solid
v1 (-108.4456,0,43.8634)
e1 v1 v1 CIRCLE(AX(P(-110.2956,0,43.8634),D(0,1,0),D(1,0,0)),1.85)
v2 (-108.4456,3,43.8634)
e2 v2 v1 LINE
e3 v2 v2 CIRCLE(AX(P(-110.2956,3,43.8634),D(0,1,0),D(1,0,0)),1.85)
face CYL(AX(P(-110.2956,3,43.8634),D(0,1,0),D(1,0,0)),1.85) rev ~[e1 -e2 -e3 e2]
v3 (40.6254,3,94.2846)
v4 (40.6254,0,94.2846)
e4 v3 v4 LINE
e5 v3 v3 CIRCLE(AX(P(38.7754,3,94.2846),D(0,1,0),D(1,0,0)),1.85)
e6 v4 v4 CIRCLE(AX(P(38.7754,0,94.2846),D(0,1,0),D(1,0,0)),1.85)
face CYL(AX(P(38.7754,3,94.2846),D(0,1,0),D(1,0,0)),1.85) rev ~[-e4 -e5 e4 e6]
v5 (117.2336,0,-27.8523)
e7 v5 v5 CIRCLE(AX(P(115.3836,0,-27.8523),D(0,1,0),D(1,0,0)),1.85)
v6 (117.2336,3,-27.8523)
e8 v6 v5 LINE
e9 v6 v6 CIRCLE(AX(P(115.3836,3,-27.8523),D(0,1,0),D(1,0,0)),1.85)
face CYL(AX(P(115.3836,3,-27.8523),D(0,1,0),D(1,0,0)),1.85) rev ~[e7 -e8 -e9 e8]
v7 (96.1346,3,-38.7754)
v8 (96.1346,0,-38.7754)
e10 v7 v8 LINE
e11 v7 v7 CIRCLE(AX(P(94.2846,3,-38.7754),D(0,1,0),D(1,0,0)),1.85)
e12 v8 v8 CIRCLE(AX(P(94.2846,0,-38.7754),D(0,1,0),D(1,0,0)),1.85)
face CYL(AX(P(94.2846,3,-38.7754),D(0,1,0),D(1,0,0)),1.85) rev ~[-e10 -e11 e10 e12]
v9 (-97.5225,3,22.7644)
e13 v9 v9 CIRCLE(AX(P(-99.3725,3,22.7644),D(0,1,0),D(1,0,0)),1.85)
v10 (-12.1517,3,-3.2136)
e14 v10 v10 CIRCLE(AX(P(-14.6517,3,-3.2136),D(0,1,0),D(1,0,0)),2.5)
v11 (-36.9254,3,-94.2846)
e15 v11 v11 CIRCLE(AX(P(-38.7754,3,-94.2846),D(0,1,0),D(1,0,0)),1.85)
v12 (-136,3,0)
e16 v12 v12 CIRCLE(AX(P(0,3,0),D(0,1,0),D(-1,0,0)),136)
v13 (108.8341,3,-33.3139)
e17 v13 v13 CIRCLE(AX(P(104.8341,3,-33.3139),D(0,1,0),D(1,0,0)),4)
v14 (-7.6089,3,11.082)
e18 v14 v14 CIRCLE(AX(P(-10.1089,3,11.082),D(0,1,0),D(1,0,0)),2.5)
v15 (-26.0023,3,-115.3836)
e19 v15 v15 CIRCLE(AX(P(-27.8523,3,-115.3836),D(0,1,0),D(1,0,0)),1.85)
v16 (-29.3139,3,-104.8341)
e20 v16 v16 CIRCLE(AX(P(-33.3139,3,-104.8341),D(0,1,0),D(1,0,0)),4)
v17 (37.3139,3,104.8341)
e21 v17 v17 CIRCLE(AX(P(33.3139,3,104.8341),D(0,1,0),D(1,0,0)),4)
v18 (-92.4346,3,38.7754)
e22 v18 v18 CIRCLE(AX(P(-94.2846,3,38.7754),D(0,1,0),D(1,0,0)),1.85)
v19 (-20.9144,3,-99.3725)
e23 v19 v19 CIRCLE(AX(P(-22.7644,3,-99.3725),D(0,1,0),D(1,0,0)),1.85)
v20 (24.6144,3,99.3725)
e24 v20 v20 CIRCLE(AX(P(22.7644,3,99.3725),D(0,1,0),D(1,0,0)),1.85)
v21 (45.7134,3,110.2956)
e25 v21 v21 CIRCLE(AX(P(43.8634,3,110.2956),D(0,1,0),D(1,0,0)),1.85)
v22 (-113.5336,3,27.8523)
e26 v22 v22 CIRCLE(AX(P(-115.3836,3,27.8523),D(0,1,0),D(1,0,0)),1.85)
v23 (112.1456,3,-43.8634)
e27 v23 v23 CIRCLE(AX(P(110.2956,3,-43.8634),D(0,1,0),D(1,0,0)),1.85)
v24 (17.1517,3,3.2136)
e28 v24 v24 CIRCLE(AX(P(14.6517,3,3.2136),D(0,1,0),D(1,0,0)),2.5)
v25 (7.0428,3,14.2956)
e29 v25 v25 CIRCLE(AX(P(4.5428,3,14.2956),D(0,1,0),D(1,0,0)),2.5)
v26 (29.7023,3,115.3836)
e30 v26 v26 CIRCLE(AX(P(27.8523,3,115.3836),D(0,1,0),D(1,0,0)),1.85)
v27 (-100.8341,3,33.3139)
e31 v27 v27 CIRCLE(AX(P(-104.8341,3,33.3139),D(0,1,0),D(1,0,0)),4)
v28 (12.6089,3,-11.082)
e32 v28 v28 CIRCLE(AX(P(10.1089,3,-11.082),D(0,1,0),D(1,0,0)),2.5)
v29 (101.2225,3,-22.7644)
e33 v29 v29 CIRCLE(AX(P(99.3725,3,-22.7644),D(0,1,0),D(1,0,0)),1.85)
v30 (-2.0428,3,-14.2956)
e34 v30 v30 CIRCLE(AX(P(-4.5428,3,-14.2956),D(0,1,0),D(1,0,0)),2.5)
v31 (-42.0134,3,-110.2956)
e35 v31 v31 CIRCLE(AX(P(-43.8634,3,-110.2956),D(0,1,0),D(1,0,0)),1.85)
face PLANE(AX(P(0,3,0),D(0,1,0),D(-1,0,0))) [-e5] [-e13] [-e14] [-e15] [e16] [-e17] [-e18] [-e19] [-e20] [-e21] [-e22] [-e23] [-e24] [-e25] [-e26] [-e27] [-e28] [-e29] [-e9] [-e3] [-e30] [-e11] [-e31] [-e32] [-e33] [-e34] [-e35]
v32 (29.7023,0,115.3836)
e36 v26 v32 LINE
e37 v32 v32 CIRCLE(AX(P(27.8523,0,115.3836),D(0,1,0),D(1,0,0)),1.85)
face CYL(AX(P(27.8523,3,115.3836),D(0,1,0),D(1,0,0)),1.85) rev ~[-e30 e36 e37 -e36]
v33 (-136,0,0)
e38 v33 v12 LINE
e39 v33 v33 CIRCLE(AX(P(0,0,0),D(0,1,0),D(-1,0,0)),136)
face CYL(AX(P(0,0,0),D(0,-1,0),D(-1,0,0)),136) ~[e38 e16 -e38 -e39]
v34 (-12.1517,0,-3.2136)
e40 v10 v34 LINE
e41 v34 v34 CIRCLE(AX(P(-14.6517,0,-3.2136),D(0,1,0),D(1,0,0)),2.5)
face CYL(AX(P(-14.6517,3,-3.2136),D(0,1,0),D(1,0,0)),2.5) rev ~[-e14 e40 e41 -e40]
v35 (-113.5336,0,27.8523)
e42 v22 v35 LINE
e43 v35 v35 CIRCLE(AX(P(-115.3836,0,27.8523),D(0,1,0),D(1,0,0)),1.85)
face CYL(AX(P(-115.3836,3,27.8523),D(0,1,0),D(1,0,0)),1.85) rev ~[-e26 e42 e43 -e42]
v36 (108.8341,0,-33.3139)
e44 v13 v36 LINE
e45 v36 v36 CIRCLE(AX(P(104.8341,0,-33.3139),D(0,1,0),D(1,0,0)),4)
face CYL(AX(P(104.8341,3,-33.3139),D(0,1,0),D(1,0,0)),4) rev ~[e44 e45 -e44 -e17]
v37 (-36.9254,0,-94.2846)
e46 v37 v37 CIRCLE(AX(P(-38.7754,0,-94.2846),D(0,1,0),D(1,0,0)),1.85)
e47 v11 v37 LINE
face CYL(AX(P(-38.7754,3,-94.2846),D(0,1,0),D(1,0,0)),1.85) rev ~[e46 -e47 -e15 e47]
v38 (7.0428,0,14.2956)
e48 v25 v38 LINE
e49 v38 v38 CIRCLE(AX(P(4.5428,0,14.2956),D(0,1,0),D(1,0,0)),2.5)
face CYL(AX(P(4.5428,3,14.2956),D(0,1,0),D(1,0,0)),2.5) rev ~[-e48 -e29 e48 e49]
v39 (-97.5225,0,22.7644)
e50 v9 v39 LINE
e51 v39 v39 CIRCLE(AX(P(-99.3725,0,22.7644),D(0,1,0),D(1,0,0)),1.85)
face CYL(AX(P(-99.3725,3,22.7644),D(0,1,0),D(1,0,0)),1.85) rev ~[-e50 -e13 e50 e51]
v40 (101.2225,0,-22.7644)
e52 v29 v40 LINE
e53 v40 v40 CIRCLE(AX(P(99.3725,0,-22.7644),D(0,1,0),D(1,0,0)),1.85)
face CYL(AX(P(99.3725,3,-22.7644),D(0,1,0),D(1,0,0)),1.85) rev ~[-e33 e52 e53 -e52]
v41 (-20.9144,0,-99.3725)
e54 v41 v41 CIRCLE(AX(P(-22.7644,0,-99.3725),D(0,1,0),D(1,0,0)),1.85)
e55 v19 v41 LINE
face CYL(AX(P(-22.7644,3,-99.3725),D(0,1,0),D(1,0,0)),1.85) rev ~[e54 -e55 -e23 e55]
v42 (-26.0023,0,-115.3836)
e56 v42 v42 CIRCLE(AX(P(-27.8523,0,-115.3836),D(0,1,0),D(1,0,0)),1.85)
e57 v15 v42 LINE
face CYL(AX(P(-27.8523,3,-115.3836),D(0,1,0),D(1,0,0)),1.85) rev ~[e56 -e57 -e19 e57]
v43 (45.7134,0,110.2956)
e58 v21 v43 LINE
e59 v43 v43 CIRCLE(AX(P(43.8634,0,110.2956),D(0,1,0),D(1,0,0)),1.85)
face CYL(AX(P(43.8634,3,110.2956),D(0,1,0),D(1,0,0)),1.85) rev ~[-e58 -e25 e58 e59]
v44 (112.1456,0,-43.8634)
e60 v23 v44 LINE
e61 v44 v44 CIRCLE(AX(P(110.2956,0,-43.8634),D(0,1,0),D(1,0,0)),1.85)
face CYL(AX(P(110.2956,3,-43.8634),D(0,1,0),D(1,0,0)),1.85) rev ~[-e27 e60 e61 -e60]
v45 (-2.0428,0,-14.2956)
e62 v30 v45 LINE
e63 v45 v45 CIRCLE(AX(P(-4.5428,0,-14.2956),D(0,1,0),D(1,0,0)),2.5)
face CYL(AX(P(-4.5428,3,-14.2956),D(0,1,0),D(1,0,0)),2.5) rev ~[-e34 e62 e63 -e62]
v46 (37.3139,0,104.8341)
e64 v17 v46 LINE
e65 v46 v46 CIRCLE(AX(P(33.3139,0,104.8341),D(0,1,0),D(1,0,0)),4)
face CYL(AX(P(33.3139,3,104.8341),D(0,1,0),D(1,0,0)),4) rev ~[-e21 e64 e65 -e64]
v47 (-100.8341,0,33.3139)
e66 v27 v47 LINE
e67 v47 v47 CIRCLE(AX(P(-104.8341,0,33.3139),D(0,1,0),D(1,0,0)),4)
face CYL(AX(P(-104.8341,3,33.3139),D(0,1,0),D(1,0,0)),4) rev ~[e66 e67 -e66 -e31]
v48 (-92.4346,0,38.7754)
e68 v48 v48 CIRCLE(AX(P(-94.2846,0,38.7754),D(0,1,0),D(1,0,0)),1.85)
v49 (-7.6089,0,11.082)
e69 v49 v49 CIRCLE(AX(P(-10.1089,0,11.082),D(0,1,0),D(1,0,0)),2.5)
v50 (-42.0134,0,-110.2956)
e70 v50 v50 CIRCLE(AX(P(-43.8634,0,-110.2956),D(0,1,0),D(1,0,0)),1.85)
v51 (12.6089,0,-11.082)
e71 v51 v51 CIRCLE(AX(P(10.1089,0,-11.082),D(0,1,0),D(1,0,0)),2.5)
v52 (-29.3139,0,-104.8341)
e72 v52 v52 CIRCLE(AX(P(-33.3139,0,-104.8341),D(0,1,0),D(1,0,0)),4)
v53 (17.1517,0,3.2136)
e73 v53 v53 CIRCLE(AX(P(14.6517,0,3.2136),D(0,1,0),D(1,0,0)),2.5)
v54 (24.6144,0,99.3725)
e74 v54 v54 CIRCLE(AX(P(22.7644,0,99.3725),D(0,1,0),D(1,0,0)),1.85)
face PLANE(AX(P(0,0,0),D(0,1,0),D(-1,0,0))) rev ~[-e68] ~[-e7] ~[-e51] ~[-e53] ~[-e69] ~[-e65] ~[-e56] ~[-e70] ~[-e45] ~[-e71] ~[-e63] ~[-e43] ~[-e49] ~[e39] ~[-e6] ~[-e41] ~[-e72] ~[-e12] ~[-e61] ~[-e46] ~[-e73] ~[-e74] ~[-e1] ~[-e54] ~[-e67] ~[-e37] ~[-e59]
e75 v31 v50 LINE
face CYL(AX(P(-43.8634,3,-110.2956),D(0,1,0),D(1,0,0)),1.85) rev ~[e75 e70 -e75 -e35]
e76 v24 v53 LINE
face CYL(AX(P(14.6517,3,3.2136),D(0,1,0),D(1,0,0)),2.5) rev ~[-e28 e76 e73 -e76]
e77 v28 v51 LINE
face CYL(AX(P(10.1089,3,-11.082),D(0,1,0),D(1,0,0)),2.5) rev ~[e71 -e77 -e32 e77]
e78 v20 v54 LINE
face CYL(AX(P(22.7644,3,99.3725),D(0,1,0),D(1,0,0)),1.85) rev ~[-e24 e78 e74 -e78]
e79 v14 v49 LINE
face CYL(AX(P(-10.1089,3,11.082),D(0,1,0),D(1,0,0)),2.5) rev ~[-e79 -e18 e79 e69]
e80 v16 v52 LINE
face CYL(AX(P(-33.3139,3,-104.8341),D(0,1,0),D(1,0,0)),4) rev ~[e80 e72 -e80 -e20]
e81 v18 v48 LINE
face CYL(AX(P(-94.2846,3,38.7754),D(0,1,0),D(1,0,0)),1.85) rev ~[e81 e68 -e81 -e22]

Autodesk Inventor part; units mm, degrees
ref_plane "YZ Plane" through (0, 0, 0) normal (1, 0, 0) x (0, 1, 0)
ref_plane "XZ Plane" through (0, 0, 0) normal (0, 1, 0) x (-1, 0, 0)
ref_plane "XY Plane" through (0, 0, 0) normal (0, 0, 1) x (1, 0, 0)
sketch "Sketch1" plane through (0, 0, 0) normal (0, 1, 0) x (-1, 0, 0)
  circle A0 centre (0, 0) radius 136
  dimension "d0" = 272
extrude "Extrusion1" add sketch "Sketch1" along normal blind 3
sketch "Sketch2" plane through (0, 3, 0) normal (0, 1, 0) x (1, 0, 0)
  circle A0 centre (-110.2956, -43.8634) radius 1.85 projected
  circle A1 centre (-115.3836, -27.8523) radius 1.85 projected
  circle A2 centre (-94.2846, -38.7754) radius 1.85 projected
  circle A3 centre (-99.3725, -22.7644) radius 1.85 projected
  circle A4 centre (-43.8634, 110.2956) radius 1.85 projected
  circle A5 centre (-27.8523, 115.3836) radius 1.85 projected
  circle A6 centre (-38.7754, 94.2846) radius 1.85 projected
  circle A7 centre (-22.7644, 99.3725) radius 1.85 projected
  circle A8 centre (110.2956, 43.8634) radius 1.85 projected
  circle A9 centre (115.3836, 27.8523) radius 1.85 projected
  circle A10 centre (94.2846, 38.7754) radius 1.85 projected
  circle A11 centre (99.3725, 22.7644) radius 1.85 projected
  circle A12 centre (43.8634, -110.2956) radius 1.85 projected
  circle A13 centre (27.8523, -115.3836) radius 1.85 projected
  circle A14 centre (38.7754, -94.2846) radius 1.85 projected
  circle A15 centre (22.7644, -99.3725) radius 1.85 projected
  circle A16 centre (104.8341, 33.3139) radius 4 projected
  circle A17 centre (-104.8341, -33.3139) radius 4 projected
  circle A18 centre (-33.3139, 104.8341) radius 4 projected
  circle A19 centre (33.3139, -104.8341) radius 4 projected
  circle A20 centre (0, 0) radius 135 projected
  circle A21 centre (-14.6517, 3.2136) radius 2.5 projected
  circle A22 centre (-4.5428, 14.2956) radius 2.5 projected
  circle A23 centre (10.1089, 11.082) radius 2.5 projected
  circle A24 centre (14.6517, -3.2136) radius 2.5 projected
  circle A25 centre (4.5428, -14.2956) radius 2.5 projected
  circle A26 centre (-10.1089, -11.082) radius 2.5 projected
  point P0 (0, 0)
extrude "Extrusion2" cut sketch "Sketch2" against normal up to surface (3 mm away) contours A0 | A1 | A2 | A3 | A4 | A5 | A6 | A7 | A8 | A9 | A10 | A11 | A12 | A13 | A14 | A15 | A16 | A17 | A18 | A19 | A21 | A22 | A23 | A24 | A25 | A26
properties part number "support disk-2" material "Steel, Mild"
